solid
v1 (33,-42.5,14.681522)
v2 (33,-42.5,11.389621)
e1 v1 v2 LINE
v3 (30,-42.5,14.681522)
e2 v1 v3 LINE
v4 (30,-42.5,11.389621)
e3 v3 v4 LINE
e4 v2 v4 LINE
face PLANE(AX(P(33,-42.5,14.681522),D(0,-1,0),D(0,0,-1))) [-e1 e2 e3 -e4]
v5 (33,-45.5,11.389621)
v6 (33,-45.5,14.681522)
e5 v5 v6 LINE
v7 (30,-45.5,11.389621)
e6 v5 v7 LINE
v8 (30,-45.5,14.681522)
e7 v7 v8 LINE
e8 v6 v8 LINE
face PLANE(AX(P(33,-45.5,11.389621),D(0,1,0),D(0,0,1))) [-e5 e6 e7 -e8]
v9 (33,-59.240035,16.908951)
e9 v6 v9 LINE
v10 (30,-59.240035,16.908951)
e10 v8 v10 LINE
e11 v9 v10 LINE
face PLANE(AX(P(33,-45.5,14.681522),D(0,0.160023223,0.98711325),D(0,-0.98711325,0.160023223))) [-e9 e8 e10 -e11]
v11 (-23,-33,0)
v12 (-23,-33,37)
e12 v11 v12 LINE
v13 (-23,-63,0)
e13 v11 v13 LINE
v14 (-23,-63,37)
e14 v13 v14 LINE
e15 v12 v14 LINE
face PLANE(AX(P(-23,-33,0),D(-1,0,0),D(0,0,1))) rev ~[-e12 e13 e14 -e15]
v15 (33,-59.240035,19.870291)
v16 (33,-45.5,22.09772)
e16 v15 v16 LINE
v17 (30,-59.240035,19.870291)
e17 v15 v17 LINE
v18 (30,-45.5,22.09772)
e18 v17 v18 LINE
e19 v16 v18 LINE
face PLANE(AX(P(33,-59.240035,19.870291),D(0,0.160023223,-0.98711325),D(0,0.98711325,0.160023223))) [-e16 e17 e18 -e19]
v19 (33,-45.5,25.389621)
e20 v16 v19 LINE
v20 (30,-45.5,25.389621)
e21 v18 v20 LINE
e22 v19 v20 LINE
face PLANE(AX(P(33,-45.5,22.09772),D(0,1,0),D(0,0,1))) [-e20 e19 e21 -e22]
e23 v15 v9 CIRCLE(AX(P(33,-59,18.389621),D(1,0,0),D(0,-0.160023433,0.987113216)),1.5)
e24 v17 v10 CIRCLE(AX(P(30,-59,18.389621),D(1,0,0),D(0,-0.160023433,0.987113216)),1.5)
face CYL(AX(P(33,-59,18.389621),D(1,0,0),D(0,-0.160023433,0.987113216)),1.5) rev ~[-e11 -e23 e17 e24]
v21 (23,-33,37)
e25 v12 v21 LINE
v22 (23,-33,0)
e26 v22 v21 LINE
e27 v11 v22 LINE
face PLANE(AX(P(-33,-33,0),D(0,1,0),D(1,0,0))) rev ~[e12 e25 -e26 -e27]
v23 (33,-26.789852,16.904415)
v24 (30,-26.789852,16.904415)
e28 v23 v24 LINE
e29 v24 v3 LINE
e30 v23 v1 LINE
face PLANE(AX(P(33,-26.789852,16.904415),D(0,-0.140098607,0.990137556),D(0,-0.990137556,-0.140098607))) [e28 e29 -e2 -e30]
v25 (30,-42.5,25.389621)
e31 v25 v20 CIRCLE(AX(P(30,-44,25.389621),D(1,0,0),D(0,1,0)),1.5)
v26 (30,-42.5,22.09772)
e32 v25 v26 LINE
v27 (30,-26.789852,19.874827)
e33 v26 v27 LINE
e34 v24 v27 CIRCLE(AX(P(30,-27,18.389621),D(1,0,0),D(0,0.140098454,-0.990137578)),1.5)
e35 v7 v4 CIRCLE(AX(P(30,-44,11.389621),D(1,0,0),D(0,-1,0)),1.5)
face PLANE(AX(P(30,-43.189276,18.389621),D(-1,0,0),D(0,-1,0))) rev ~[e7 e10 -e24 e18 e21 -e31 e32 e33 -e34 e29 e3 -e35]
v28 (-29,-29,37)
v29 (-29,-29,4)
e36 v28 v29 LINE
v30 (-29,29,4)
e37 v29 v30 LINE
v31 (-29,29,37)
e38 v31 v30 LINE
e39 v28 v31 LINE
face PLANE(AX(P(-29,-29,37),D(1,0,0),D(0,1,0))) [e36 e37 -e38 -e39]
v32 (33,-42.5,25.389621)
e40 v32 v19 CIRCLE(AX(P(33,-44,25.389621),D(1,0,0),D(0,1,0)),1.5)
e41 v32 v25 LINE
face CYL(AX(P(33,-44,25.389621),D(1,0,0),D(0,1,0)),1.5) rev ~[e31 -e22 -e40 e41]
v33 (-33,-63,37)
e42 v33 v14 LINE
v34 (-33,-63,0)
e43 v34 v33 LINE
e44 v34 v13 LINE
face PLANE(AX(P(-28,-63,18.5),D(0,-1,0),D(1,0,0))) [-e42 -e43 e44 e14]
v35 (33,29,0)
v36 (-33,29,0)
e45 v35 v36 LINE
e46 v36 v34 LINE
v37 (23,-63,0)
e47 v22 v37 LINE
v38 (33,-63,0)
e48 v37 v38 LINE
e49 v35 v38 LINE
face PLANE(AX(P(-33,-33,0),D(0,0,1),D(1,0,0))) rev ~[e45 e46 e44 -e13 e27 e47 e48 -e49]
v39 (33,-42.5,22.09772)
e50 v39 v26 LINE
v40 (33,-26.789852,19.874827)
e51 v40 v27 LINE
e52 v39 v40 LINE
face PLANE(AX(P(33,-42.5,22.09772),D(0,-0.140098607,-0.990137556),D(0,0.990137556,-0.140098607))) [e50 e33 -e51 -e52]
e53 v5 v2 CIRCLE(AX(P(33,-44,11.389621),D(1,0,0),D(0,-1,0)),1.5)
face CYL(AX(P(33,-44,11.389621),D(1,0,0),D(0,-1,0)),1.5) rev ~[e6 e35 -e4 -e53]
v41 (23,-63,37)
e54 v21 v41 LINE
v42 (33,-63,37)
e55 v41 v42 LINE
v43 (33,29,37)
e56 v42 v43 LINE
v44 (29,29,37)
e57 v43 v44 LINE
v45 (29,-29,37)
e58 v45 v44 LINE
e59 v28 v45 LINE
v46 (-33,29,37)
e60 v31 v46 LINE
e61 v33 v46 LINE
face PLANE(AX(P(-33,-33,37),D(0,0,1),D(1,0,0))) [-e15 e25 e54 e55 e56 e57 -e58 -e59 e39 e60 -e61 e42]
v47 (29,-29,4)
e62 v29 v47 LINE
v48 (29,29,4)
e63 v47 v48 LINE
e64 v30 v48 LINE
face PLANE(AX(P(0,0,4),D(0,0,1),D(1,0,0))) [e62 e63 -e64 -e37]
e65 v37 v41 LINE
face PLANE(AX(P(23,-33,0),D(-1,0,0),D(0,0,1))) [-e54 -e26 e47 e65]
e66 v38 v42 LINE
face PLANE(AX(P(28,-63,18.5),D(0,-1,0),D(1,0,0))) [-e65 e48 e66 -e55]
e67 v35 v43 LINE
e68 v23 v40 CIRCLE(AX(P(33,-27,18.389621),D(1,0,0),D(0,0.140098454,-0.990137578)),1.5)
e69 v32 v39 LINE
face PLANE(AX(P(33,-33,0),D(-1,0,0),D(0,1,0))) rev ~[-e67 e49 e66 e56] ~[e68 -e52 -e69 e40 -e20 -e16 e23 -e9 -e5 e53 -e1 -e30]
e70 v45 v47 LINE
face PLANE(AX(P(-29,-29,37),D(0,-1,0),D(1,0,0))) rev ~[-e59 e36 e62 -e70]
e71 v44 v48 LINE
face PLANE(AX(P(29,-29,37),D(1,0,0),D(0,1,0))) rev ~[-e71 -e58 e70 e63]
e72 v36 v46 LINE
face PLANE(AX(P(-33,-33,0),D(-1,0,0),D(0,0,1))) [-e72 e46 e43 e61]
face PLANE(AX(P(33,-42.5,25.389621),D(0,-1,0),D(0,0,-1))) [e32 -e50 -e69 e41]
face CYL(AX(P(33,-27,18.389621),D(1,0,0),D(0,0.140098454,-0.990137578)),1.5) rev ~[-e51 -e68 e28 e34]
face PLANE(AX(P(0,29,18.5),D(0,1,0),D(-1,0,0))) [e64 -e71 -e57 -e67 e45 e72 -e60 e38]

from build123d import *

# Parameters (mm, degrees)
SKETCH_W        = 66
SKETCH_H        = 66
PAD_DEPTH       = 37
SKETCH001_W     = 58
SKETCH001_H     = 58
POCKET_DEPTH    = 33
SKETCH002_W     = 10
SKETCH002_H     = 37
PAD001_DEPTH    = 30
SKETCH003_W     = 66
SKETCH003_H     = 37
POCKET001_DEPTH = 4
POCKET002_DEPTH = 3


with BuildPart() as part:
    # Sketch → Pad (new body)
    with BuildSketch(Plane.XY):
        Rectangle(SKETCH_W, SKETCH_H)
    extrude(amount=PAD_DEPTH)

    # Sketch001 → Pocket (cut)
    with BuildSketch(Plane.XY.offset(37)):
        Rectangle(SKETCH001_W, SKETCH001_H)
    extrude(amount=-POCKET_DEPTH, mode=Mode.SUBTRACT)

    # Sketch002 → Pad001 (new body)
    with BuildSketch(Plane.XZ.offset(33)):
        with Locations((-28, 18.5)):
            Rectangle(SKETCH002_W, SKETCH002_H)
        with Locations((28, 18.5)):
            Rectangle(SKETCH002_W, SKETCH002_H)
    extrude(amount=PAD001_DEPTH)

    # Sketch003 → Pocket001 (cut)
    with BuildSketch(Plane(origin=(0, 33, 0), x_dir=(-1, 0, 0), z_dir=(0, 1, 0))):
        with Locations((0, 18.5)):
            Rectangle(SKETCH003_W, SKETCH003_H)
    extrude(amount=-POCKET001_DEPTH, mode=Mode.SUBTRACT)

    # Sketch005 → Pocket002 (cut)
    with BuildSketch(Plane.YZ.offset(33)):
        with BuildLine():
            Line((-45.5, 22.09772), (-45.5, 25.389621))
            ThreePointArc((-42.5, 25.389621), (-44, 26.889621), (-45.5, 25.389621))
            Line((-42.5, 25.389621), (-42.5, 22.09772))
            Line((-42.5, 22.09772), (-26.789852, 19.874827))
            ThreePointArc((-26.789852, 16.904415), (-25.5, 18.389621), (-26.789852, 19.874827))
            Line((-26.789852, 16.904415), (-42.5, 14.681522))
            Line((-42.5, 14.681522), (-42.5, 11.389621))
            ThreePointArc((-45.5, 11.389621), (-44, 9.889621), (-42.5, 11.389621))
            Line((-45.5, 11.389621), (-45.5, 14.681522))
            Line((-45.5, 14.681522), (-59.240035, 16.908951))
            ThreePointArc((-59.240035, 19.870291), (-60.5, 18.389621), (-59.240035, 16.908951))
            Line((-59.240035, 19.870291), (-45.5, 22.09772))
        make_face()
    extrude(amount=-POCKET002_DEPTH, mode=Mode.SUBTRACT)


solid = part.part
